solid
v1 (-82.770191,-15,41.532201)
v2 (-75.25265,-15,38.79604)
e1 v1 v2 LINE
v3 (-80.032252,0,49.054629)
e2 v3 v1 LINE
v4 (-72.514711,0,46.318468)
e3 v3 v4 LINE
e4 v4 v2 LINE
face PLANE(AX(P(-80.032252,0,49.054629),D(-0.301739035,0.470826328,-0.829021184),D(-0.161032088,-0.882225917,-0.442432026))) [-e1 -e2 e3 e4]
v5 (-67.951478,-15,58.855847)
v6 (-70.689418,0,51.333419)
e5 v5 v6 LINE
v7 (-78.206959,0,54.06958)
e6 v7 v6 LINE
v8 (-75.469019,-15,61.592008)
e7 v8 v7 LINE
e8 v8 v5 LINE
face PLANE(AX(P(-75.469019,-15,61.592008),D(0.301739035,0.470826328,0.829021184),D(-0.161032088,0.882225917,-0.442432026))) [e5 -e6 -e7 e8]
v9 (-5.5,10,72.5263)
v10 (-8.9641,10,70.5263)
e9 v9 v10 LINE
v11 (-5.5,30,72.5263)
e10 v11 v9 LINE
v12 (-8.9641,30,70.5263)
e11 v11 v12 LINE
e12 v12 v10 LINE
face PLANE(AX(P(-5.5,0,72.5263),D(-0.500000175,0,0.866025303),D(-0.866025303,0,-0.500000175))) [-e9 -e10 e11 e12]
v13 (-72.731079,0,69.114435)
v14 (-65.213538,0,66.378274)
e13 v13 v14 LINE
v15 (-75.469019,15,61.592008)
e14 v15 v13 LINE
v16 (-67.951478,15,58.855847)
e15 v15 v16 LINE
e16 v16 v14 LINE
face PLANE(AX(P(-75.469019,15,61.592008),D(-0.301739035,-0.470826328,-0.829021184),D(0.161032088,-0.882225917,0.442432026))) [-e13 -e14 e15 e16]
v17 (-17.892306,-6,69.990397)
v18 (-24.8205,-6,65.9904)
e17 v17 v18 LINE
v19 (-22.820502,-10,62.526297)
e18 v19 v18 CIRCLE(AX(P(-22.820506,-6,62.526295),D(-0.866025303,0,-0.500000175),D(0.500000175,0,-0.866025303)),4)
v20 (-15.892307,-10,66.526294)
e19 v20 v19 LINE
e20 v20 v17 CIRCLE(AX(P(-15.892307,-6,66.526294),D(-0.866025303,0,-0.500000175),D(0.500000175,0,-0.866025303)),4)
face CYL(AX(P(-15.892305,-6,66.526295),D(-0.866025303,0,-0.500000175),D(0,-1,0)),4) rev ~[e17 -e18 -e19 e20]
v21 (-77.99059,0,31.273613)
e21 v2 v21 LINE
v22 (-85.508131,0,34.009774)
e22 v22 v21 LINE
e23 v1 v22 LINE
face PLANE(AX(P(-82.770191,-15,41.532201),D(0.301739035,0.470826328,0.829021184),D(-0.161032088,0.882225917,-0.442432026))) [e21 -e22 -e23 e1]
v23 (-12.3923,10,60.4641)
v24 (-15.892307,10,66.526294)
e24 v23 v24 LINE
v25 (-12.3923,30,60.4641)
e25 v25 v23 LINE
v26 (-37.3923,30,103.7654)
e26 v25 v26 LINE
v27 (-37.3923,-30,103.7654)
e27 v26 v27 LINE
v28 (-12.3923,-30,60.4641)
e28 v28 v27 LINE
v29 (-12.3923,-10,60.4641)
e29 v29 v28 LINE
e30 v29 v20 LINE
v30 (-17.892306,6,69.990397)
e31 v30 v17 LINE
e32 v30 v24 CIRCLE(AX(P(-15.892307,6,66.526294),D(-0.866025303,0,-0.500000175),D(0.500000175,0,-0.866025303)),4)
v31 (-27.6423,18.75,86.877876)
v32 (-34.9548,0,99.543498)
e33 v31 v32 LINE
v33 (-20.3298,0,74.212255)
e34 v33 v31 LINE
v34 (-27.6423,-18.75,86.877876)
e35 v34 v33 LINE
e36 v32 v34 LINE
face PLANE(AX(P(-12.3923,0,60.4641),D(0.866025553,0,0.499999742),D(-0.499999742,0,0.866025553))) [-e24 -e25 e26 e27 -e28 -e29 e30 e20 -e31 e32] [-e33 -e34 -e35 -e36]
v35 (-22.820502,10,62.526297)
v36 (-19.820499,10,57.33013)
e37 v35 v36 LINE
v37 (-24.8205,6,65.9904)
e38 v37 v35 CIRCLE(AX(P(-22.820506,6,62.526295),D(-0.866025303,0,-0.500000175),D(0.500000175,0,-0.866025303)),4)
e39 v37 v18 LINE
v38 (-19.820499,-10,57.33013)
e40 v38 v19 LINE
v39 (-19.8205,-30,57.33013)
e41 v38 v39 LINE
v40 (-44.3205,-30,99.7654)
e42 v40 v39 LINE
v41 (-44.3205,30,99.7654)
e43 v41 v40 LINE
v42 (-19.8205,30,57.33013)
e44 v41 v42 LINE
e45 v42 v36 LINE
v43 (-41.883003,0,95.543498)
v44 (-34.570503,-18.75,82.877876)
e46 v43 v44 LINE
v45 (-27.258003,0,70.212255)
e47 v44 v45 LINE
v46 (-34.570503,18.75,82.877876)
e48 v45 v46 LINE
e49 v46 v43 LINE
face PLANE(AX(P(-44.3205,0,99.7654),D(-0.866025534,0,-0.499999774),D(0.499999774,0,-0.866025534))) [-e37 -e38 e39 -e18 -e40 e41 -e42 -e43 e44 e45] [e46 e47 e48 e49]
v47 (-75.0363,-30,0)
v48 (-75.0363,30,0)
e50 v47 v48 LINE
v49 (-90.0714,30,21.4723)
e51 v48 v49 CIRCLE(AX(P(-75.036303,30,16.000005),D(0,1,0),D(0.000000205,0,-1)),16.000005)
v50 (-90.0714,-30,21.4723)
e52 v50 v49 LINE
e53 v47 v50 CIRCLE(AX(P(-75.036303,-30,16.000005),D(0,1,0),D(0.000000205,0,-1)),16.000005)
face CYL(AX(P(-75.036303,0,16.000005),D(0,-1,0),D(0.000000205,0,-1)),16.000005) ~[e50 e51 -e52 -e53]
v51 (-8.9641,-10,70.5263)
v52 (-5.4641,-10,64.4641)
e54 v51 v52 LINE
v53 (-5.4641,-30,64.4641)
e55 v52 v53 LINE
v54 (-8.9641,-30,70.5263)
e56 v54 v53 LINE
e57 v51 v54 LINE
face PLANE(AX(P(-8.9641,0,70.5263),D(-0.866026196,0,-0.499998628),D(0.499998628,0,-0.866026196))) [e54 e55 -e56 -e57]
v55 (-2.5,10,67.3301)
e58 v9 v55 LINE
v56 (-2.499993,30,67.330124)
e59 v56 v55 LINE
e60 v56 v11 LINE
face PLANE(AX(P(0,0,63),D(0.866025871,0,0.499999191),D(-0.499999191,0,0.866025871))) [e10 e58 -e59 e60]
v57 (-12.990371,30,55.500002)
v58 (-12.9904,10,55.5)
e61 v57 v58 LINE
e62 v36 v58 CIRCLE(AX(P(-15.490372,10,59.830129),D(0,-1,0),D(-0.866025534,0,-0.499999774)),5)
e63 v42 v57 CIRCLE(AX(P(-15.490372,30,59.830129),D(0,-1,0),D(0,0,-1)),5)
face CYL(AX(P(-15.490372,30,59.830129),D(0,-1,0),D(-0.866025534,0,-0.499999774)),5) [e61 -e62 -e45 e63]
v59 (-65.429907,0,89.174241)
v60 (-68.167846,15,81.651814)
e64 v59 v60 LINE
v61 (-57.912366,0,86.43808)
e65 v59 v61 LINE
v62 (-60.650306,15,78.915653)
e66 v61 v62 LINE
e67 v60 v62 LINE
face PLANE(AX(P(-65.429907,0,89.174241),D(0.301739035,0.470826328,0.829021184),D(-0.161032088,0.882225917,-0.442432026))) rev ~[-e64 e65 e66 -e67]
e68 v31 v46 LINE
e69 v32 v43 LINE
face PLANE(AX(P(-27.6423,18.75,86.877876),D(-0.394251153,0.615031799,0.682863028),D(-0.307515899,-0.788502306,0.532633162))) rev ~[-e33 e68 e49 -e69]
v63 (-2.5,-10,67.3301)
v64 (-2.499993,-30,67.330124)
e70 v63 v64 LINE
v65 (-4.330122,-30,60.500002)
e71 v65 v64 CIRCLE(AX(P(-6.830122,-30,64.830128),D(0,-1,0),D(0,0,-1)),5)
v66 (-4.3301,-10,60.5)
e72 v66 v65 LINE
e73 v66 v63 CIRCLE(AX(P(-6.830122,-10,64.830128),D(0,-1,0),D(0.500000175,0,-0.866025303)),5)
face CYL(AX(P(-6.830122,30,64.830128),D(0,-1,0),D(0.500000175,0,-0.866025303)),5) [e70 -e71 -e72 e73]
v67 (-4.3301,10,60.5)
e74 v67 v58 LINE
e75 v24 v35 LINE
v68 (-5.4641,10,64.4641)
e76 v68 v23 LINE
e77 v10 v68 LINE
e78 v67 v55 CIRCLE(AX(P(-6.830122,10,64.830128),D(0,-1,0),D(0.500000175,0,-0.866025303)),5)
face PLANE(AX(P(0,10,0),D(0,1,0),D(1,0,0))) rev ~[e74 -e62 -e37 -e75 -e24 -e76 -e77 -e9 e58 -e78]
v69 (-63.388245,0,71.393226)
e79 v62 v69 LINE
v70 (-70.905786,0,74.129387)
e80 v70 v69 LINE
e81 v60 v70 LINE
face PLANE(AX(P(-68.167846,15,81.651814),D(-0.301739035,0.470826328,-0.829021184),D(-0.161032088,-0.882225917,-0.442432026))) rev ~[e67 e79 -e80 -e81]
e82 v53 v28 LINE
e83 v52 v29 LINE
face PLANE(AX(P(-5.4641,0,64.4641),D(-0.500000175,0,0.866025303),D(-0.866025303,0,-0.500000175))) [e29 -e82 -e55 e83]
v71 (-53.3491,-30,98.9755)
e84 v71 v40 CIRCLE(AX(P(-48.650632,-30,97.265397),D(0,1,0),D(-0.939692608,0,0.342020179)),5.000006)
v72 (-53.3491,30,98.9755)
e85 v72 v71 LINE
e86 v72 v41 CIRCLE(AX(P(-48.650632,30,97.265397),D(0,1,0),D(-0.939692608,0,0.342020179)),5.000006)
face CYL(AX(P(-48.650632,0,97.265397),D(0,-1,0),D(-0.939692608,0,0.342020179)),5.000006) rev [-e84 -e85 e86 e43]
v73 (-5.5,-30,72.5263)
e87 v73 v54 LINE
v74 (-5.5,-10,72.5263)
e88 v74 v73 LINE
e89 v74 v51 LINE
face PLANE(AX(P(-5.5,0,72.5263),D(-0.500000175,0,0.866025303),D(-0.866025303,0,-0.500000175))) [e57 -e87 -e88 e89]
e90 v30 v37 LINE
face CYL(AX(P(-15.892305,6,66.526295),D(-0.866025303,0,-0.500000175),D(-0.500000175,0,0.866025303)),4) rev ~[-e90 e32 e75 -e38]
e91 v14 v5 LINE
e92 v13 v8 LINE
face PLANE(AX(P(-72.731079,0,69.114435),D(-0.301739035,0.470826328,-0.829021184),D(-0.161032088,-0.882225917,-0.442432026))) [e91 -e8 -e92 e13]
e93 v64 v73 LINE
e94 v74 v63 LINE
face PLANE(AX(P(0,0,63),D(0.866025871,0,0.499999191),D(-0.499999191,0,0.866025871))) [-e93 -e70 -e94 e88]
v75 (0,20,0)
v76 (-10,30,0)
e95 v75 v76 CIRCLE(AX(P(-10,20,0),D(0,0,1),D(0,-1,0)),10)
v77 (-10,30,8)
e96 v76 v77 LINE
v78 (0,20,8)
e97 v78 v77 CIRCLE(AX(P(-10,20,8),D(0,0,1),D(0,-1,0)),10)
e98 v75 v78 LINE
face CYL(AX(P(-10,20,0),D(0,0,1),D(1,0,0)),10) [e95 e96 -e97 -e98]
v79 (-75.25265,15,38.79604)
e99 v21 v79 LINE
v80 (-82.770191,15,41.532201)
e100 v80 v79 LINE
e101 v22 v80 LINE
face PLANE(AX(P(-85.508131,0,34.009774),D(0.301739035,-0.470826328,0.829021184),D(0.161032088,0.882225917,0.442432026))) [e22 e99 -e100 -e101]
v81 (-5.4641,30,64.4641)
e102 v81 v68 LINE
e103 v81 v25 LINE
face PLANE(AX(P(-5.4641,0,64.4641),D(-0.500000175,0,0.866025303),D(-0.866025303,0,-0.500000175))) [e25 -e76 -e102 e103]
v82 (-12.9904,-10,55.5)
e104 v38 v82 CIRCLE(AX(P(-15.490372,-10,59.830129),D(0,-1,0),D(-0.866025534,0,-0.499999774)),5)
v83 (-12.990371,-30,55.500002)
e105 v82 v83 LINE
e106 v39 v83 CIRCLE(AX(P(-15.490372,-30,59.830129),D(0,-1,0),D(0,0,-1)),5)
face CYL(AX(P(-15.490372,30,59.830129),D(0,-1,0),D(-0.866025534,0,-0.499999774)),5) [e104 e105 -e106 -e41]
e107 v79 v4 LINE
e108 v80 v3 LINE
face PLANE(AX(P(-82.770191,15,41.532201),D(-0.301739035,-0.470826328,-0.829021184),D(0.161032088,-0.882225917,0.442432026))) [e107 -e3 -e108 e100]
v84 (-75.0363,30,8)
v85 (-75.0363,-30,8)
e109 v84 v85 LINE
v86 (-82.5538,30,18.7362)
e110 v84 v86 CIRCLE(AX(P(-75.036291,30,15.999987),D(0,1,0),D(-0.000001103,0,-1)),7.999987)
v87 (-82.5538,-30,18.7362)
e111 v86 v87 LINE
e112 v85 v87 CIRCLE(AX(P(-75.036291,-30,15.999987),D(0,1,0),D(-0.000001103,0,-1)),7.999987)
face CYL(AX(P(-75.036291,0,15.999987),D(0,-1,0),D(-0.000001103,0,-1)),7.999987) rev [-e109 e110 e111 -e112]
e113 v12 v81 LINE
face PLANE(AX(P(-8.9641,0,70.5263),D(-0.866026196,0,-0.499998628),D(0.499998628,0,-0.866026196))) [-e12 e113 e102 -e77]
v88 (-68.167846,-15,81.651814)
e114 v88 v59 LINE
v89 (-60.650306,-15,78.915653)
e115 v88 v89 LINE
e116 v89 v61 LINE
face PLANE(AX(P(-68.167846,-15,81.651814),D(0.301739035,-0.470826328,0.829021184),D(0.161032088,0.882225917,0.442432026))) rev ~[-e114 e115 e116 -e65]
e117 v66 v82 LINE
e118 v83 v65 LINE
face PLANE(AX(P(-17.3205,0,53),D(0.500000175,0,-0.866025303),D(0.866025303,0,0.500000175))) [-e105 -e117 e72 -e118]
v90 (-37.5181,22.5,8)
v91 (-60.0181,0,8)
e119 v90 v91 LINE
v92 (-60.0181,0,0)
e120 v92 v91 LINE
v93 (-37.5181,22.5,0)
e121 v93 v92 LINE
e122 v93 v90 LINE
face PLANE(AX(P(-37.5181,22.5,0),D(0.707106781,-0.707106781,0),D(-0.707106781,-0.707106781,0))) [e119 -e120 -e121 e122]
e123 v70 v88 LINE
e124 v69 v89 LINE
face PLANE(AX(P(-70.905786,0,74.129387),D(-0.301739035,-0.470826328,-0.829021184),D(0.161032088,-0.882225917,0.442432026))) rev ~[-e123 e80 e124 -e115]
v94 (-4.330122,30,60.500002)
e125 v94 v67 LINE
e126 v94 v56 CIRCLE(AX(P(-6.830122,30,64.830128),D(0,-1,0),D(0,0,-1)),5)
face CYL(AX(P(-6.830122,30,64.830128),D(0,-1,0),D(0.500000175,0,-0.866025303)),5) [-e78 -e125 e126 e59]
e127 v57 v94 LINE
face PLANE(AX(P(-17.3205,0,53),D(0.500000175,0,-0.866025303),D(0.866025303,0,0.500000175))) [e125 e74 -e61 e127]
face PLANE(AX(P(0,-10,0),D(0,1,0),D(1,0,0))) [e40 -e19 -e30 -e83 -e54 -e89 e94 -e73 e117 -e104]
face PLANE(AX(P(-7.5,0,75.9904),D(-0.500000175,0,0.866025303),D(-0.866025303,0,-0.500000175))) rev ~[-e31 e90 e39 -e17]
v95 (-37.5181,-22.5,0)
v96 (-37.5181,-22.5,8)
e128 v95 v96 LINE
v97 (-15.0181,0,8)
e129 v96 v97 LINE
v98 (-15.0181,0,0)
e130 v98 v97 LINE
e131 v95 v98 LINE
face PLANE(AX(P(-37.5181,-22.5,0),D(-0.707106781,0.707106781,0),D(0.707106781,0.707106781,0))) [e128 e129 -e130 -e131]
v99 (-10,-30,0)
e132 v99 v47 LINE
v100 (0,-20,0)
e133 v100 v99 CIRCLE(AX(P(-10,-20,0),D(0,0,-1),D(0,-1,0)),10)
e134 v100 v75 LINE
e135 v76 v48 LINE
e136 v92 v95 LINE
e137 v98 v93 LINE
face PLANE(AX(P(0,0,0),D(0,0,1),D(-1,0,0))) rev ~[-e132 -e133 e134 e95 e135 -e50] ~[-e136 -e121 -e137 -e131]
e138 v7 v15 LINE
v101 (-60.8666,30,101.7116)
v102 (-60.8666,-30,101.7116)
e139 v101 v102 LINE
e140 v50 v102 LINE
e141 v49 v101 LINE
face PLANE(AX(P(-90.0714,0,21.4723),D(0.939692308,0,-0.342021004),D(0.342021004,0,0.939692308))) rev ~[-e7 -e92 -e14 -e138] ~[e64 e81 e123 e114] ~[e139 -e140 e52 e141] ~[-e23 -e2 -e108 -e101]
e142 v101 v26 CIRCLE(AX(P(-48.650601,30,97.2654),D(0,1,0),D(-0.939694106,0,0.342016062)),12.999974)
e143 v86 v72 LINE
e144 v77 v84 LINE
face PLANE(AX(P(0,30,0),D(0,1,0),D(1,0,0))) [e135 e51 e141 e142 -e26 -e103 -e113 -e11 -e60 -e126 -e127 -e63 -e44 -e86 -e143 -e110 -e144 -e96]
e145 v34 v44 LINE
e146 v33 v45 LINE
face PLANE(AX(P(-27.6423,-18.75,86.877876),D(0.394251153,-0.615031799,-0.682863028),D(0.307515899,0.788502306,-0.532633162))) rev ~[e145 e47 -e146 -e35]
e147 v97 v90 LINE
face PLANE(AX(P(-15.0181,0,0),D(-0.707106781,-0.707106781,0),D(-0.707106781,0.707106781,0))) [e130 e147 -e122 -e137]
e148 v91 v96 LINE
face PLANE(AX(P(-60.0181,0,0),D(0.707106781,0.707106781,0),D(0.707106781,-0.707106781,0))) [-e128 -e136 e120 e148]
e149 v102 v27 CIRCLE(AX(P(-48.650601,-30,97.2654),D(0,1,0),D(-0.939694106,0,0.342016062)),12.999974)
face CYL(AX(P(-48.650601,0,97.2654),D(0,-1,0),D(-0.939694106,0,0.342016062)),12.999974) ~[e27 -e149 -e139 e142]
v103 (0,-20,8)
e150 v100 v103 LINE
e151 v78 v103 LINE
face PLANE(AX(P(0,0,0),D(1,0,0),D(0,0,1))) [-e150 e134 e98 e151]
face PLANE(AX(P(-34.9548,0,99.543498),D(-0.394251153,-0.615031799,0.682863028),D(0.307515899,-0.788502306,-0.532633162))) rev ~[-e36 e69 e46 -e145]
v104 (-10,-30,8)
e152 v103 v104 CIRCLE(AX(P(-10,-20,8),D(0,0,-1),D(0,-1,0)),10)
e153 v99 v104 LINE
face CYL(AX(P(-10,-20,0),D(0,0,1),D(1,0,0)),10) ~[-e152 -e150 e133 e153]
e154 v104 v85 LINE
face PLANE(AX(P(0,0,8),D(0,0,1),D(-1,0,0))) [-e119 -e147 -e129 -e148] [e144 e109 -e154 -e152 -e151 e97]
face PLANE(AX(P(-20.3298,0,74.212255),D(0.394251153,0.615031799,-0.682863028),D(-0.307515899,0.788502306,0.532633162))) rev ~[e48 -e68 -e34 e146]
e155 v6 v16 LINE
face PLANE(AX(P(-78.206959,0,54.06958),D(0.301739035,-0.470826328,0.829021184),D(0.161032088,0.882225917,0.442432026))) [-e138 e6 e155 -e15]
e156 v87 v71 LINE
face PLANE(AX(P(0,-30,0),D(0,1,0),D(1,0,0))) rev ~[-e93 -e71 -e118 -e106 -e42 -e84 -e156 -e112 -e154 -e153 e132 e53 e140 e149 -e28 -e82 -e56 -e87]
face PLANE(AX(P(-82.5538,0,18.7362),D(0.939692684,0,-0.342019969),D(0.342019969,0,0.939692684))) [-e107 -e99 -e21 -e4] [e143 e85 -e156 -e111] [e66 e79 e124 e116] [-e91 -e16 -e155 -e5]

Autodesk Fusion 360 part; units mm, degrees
sketch "Skizze1" plane through (0, 0, 0) normal (0, 1, 0) x (1, 0, 0)
  line L0 (0, 0) -> (-75.0363, 0)
  line L1 (-90.0714, -21.4723) -> (-60.8666, -101.7116)
  line L2 (0, 0) -> (0, -8)
  line L3 (0, -8) -> (-75.0363, -8)
  line L4 (-82.5538, -18.7362) -> (-53.3491, -98.9755)
  line L5 (-44.3205, -99.7654) -> (-17.3205, -53)
  line L6 (-17.3205, -53) -> (0, -63)
  line L7 (0, -63) -> (-5.5, -72.5263)
  line L8 (-5.5, -72.5263) -> (-8.9641, -70.5263)
  line L9 (-8.9641, -70.5263) -> (-5.4641, -64.4641)
  line L10 (-5.4641, -64.4641) -> (-12.3923, -60.4641)
  line L11 (-12.3923, -60.4641) -> (-37.3923, -103.7654)
  arc A0 (-53.3491, -98.9755) -> (-44.3205, -99.7654) centre (-48.6506, -97.2654) ccw
  arc A1 (-60.8666, -101.7116) -> (-37.3923, -103.7654) centre (-48.6506, -97.2654) ccw
  arc A2 (-75.0363, 0) -> (-90.0714, -21.4723) centre (-75.0363, -16) ccw
  arc A3 (-75.0363, -8) -> (-82.5538, -18.7362) centre (-75.0363, -16) ccw
  dimension "d3" = 8
  dimension "d4" = 8
  dimension "d5" = 8
  dimension "d7" = 30
  dimension "d8" = 4
  dimension "d10" = 4
  dimension "d11" = 8
  dimension "d12" = 7
  dimension "d19" = 70
  dimension "d20" = 50
  dimension "d21" = 5
  dimension "d23" = 8
  dimension "d24" = 45
extrude "Extrusion1" add sketch "Skizze1" along normal mid plane 60
fillet "Abrundung1" radius 10 2 edges at (0, 30, 4) (0, -30, 4)
fillet "Abrundung2" radius 5 2 edges at (-17.3205, 0, 53) (0, 0, 63)
sketch "Skizze2" plane through (-86.4361, 0, 31.4602) normal (-0.9397, 0, 0.342) x (0, -1, 0)
  line L0 (30, 74.7601) -> (-30, 74.7601)
  line L1 (-30, 74.7601) -> (-30, -10.6288)
  line L2 (-30, -10.6288) -> (30, -10.6288)
  line L3 (30, -10.6288) -> (30, 74.7601)
  line L4 (37, 74.7601) -> (69, 74.7601) construction
  line L5 (40.6572, -10.6288) -> (65.6572, -10.6288) construction
  line L6 (0, 61.418) -> (-15, 53.4128)
  line L7 (-15, 53.4128) -> (0, 45.4076)
  line L8 (0, 45.4076) -> (15, 53.4128)
  line L9 (15, 53.4128) -> (0, 61.418)
  line L10 (0, 95.9999) -> (0, -24.4616) construction
  line L11 (-15, 32.0656) -> (0, 40.0708)
  line L12 (15, 32.0656) -> (0, 24.0604)
  line L13 (0, 24.0604) -> (-15, 32.0656)
  line L14 (0, 40.0708) -> (15, 32.0656)
  line L15 (-15, 10.7184) -> (0, 18.7236)
  line L16 (15, 10.7184) -> (0, 2.7132)
  line L17 (0, 18.7236) -> (15, 10.7184)
  line L18 (0, 2.7132) -> (-15, 10.7184)
  line L19 (57.2523, 53.4128) -> (36.8368, 53.4128) construction
  line L20 (40.2669, 10.7184) -> (51.2669, 10.7184) construction
  line L21 (43.1326, 32.0656) -> (76.5646, 32.0656) construction
  line L22 (-30, 110.8277) -> (-30, 88.3059) construction
  line L23 (30, 114.6963) -> (30, 87.6508) construction
  line L24 (-15, 108.062) -> (-15, 86.5063) construction
  line L25 (15, 103.3946) -> (15, 87.227) construction
  line L26 (38.9734, 64.0864) -> (51.9734, 64.0864) construction
  line L27 (38.9734, 58.7496) -> (51.9734, 58.7496) construction
  line L28 (39, 61.418) -> (48, 61.418) construction
  line L29 (38.4081, 40.0708) -> (47.4081, 40.0708) construction
  line L30 (37.9929, 37.4024) -> (54, 37.4024) construction
  line L31 (38.8043, 42.7392) -> (51.8043, 42.7392) construction
  line L32 (38.9581, 21.392) -> (51.9581, 21.392) construction
  line L33 (38.4081, 18.7236) -> (47.4081, 18.7236) construction
  line L34 (40.1572, 16.0552) -> (53.1572, 16.0552) construction
sketch "Skizze3" plane through (0, 0, 0) normal (0, 0, -1) x (1, 0, 0)
  line L0 (-10, 30) -> (-75.0363, 30)
  line L1 (-75.0363, 30) -> (-75.0363, -30)
  line L2 (-75.0363, -30) -> (-10, -30)
  line L3 (-37.5181, 22.5) -> (-15.0181, 0)
  line L4 (-15.0181, 0) -> (-37.5181, -22.5)
  line L5 (-37.5181, -22.5) -> (-60.0181, 0)
  line L6 (-60.0181, 0) -> (-37.5181, 22.5)
  line L7 (20.4049, 0) -> (39.4049, 0) construction
  line L8 (22.3322, 30) -> (39.3616, 30) construction
  line L9 (19.3322, -30) -> (41.3322, -30) construction
  line L10 (-37.5181, 48.9997) -> (-37.5181, 36.9997) construction
  line L11 (-75.0363, 50.8097) -> (-75.0363, 32.3583) construction
  line L12 (0, 53.6395) -> (0, 35.107) construction
  arc A0 (0, 20) -> (-10, 30) centre (-10, 20) ccw
  arc A1 (-10, -30) -> (0, -20) centre (-10, -20) ccw
  line L13 (0, -20) -> (0, 20)
  dimension "d82" = 7.5
sketch "Skizze4" plane through (0, 0, 0) normal (0, 1, 0) x (1, 0, 0)
  line L0 (-7.5, -75.9904) -> (-24.8205, -65.9904)
  line L1 (-24.8205, -65.9904) -> (-17.3205, -53)
  line L2 (-17.3205, -53) -> (0, -63)
  line L3 (0, -63) -> (-7.5, -75.9904)
  line L4 (-4.3301, -60.5) -> (-12.9904, -55.5)
  line L5 (-5.5, -72.5263) -> (-2.5, -67.3301)
  line L6 (-19.8205, -57.3301) -> (-44.3205, -99.7654)
  dimension "d68" = 15
extrude "Extrusion2" cut sketch "Skizze4" along normal mid plane 20
fillet "Abrundung3" radius 4 2 edges at (-21.3564, 10, 67.9904) (-21.3564, -10, 67.9904)
sketch "Skizze5" plane through (16.8875, 0, 9.75) normal (0.866, 0, 0.5) x (0, 1, 0)
  line L0 (30, 58.5596) -> (30, 108.5596)
  line L1 (30, 108.5596) -> (-30, 108.5596)
  line L2 (-30, 108.5596) -> (-30, 58.5596)
  line L3 (18.75, 89.0596) -> (0, 103.6846)
  line L4 (0, 103.6846) -> (-18.75, 89.0596)
  line L5 (-18.75, 89.0596) -> (0, 74.4346)
  line L6 (0, 74.4346) -> (18.75, 89.0596)
  line L7 (18.75, 89.0596) -> (-18.75, 89.0596) construction
  line L8 (0, 103.6846) -> (0, 74.4346) construction
  line L9 (0, 132.1709) -> (0, 54.7397)
  line L10 (57, 89.0596) -> (43, 89.0596) construction
  line L11 (41.8287, 108.5596) -> (56.8287, 108.5596) construction
  line L12 (41.1202, 69.5596) -> (58.1202, 69.5596) construction
  line L13 (10, 58.5596) -> (30, 58.5596)
  line L14 (15, 145.9398) -> (15, 132.9398) construction
  line L15 (22.5, 142.6003) -> (22.5, 134.6003) construction
  line L16 (42, 103.6846) -> (64, 103.6846) construction
  line L17 (42, 98.8096) -> (60, 98.8096) construction
  line L18 (18.75, 141.5724) -> (18.75, 135.5724) construction
  line L19 (10, 65.5596) -> (10, 58.5596)
  line L20 (-10, 58.5596) -> (-10, 65.5596)
  arc A0 (-6, 69.5596) -> (-10, 65.5596) centre (-6, 65.5596) ccw
  arc A1 (10, 65.5596) -> (6, 69.5596) centre (6, 65.5596) ccw
  line L21 (-6, 69.5596) -> (6, 69.5596)
  line L22 (-30, 58.5596) -> (-10, 58.5596)
  point P0 (0, 89.0596)
extrude "Extrusion3" cut sketch "Skizze5" against normal up to surface (8 mm away) contours L4 L5 L9 | L3 L6 L9
extrude "Extrusion4" cut sketch "Skizze3" against normal up to surface (8 mm away) contours L3 L4 L5 L6
extrude "Extrusion5" cut sketch "Skizze2" against normal up to surface (8 mm away) contours L6 L7 L8 L9 | L11 L12 L13 L14 | L15 L16 L17 L18
equation "angle = 30 deg"
equation "d4 = d3"
equation "d5 = d3"
equation "d7 = angle"
equation "d8 = d3 / 2"
equation "thickness = 8 mm"
equation "d10 = d8"
equation "d11 = thickness"
equation "d12 = bracket_depth"
equation "bracket_depth = 7 mm"
equation "length = 150 mm"
equation "width = 60 mm"
equation "cable_width = 20 mm"
equation "d20 = length / 3"
equation "d24 = platform_height"
equation "platform_height = 45 mm"
equation "d26 = width / 2"
equation "d50 = 45.35489 mm / 3"
equation "d53 = 90.709781 mm / 13"
equation "d54 = d53"
equation "d56 = 90.709781 mm * 3 / 14"
equation "d62 = 57.359 mm * 3 / 13"
equation "d69 = cable_width / 2"
